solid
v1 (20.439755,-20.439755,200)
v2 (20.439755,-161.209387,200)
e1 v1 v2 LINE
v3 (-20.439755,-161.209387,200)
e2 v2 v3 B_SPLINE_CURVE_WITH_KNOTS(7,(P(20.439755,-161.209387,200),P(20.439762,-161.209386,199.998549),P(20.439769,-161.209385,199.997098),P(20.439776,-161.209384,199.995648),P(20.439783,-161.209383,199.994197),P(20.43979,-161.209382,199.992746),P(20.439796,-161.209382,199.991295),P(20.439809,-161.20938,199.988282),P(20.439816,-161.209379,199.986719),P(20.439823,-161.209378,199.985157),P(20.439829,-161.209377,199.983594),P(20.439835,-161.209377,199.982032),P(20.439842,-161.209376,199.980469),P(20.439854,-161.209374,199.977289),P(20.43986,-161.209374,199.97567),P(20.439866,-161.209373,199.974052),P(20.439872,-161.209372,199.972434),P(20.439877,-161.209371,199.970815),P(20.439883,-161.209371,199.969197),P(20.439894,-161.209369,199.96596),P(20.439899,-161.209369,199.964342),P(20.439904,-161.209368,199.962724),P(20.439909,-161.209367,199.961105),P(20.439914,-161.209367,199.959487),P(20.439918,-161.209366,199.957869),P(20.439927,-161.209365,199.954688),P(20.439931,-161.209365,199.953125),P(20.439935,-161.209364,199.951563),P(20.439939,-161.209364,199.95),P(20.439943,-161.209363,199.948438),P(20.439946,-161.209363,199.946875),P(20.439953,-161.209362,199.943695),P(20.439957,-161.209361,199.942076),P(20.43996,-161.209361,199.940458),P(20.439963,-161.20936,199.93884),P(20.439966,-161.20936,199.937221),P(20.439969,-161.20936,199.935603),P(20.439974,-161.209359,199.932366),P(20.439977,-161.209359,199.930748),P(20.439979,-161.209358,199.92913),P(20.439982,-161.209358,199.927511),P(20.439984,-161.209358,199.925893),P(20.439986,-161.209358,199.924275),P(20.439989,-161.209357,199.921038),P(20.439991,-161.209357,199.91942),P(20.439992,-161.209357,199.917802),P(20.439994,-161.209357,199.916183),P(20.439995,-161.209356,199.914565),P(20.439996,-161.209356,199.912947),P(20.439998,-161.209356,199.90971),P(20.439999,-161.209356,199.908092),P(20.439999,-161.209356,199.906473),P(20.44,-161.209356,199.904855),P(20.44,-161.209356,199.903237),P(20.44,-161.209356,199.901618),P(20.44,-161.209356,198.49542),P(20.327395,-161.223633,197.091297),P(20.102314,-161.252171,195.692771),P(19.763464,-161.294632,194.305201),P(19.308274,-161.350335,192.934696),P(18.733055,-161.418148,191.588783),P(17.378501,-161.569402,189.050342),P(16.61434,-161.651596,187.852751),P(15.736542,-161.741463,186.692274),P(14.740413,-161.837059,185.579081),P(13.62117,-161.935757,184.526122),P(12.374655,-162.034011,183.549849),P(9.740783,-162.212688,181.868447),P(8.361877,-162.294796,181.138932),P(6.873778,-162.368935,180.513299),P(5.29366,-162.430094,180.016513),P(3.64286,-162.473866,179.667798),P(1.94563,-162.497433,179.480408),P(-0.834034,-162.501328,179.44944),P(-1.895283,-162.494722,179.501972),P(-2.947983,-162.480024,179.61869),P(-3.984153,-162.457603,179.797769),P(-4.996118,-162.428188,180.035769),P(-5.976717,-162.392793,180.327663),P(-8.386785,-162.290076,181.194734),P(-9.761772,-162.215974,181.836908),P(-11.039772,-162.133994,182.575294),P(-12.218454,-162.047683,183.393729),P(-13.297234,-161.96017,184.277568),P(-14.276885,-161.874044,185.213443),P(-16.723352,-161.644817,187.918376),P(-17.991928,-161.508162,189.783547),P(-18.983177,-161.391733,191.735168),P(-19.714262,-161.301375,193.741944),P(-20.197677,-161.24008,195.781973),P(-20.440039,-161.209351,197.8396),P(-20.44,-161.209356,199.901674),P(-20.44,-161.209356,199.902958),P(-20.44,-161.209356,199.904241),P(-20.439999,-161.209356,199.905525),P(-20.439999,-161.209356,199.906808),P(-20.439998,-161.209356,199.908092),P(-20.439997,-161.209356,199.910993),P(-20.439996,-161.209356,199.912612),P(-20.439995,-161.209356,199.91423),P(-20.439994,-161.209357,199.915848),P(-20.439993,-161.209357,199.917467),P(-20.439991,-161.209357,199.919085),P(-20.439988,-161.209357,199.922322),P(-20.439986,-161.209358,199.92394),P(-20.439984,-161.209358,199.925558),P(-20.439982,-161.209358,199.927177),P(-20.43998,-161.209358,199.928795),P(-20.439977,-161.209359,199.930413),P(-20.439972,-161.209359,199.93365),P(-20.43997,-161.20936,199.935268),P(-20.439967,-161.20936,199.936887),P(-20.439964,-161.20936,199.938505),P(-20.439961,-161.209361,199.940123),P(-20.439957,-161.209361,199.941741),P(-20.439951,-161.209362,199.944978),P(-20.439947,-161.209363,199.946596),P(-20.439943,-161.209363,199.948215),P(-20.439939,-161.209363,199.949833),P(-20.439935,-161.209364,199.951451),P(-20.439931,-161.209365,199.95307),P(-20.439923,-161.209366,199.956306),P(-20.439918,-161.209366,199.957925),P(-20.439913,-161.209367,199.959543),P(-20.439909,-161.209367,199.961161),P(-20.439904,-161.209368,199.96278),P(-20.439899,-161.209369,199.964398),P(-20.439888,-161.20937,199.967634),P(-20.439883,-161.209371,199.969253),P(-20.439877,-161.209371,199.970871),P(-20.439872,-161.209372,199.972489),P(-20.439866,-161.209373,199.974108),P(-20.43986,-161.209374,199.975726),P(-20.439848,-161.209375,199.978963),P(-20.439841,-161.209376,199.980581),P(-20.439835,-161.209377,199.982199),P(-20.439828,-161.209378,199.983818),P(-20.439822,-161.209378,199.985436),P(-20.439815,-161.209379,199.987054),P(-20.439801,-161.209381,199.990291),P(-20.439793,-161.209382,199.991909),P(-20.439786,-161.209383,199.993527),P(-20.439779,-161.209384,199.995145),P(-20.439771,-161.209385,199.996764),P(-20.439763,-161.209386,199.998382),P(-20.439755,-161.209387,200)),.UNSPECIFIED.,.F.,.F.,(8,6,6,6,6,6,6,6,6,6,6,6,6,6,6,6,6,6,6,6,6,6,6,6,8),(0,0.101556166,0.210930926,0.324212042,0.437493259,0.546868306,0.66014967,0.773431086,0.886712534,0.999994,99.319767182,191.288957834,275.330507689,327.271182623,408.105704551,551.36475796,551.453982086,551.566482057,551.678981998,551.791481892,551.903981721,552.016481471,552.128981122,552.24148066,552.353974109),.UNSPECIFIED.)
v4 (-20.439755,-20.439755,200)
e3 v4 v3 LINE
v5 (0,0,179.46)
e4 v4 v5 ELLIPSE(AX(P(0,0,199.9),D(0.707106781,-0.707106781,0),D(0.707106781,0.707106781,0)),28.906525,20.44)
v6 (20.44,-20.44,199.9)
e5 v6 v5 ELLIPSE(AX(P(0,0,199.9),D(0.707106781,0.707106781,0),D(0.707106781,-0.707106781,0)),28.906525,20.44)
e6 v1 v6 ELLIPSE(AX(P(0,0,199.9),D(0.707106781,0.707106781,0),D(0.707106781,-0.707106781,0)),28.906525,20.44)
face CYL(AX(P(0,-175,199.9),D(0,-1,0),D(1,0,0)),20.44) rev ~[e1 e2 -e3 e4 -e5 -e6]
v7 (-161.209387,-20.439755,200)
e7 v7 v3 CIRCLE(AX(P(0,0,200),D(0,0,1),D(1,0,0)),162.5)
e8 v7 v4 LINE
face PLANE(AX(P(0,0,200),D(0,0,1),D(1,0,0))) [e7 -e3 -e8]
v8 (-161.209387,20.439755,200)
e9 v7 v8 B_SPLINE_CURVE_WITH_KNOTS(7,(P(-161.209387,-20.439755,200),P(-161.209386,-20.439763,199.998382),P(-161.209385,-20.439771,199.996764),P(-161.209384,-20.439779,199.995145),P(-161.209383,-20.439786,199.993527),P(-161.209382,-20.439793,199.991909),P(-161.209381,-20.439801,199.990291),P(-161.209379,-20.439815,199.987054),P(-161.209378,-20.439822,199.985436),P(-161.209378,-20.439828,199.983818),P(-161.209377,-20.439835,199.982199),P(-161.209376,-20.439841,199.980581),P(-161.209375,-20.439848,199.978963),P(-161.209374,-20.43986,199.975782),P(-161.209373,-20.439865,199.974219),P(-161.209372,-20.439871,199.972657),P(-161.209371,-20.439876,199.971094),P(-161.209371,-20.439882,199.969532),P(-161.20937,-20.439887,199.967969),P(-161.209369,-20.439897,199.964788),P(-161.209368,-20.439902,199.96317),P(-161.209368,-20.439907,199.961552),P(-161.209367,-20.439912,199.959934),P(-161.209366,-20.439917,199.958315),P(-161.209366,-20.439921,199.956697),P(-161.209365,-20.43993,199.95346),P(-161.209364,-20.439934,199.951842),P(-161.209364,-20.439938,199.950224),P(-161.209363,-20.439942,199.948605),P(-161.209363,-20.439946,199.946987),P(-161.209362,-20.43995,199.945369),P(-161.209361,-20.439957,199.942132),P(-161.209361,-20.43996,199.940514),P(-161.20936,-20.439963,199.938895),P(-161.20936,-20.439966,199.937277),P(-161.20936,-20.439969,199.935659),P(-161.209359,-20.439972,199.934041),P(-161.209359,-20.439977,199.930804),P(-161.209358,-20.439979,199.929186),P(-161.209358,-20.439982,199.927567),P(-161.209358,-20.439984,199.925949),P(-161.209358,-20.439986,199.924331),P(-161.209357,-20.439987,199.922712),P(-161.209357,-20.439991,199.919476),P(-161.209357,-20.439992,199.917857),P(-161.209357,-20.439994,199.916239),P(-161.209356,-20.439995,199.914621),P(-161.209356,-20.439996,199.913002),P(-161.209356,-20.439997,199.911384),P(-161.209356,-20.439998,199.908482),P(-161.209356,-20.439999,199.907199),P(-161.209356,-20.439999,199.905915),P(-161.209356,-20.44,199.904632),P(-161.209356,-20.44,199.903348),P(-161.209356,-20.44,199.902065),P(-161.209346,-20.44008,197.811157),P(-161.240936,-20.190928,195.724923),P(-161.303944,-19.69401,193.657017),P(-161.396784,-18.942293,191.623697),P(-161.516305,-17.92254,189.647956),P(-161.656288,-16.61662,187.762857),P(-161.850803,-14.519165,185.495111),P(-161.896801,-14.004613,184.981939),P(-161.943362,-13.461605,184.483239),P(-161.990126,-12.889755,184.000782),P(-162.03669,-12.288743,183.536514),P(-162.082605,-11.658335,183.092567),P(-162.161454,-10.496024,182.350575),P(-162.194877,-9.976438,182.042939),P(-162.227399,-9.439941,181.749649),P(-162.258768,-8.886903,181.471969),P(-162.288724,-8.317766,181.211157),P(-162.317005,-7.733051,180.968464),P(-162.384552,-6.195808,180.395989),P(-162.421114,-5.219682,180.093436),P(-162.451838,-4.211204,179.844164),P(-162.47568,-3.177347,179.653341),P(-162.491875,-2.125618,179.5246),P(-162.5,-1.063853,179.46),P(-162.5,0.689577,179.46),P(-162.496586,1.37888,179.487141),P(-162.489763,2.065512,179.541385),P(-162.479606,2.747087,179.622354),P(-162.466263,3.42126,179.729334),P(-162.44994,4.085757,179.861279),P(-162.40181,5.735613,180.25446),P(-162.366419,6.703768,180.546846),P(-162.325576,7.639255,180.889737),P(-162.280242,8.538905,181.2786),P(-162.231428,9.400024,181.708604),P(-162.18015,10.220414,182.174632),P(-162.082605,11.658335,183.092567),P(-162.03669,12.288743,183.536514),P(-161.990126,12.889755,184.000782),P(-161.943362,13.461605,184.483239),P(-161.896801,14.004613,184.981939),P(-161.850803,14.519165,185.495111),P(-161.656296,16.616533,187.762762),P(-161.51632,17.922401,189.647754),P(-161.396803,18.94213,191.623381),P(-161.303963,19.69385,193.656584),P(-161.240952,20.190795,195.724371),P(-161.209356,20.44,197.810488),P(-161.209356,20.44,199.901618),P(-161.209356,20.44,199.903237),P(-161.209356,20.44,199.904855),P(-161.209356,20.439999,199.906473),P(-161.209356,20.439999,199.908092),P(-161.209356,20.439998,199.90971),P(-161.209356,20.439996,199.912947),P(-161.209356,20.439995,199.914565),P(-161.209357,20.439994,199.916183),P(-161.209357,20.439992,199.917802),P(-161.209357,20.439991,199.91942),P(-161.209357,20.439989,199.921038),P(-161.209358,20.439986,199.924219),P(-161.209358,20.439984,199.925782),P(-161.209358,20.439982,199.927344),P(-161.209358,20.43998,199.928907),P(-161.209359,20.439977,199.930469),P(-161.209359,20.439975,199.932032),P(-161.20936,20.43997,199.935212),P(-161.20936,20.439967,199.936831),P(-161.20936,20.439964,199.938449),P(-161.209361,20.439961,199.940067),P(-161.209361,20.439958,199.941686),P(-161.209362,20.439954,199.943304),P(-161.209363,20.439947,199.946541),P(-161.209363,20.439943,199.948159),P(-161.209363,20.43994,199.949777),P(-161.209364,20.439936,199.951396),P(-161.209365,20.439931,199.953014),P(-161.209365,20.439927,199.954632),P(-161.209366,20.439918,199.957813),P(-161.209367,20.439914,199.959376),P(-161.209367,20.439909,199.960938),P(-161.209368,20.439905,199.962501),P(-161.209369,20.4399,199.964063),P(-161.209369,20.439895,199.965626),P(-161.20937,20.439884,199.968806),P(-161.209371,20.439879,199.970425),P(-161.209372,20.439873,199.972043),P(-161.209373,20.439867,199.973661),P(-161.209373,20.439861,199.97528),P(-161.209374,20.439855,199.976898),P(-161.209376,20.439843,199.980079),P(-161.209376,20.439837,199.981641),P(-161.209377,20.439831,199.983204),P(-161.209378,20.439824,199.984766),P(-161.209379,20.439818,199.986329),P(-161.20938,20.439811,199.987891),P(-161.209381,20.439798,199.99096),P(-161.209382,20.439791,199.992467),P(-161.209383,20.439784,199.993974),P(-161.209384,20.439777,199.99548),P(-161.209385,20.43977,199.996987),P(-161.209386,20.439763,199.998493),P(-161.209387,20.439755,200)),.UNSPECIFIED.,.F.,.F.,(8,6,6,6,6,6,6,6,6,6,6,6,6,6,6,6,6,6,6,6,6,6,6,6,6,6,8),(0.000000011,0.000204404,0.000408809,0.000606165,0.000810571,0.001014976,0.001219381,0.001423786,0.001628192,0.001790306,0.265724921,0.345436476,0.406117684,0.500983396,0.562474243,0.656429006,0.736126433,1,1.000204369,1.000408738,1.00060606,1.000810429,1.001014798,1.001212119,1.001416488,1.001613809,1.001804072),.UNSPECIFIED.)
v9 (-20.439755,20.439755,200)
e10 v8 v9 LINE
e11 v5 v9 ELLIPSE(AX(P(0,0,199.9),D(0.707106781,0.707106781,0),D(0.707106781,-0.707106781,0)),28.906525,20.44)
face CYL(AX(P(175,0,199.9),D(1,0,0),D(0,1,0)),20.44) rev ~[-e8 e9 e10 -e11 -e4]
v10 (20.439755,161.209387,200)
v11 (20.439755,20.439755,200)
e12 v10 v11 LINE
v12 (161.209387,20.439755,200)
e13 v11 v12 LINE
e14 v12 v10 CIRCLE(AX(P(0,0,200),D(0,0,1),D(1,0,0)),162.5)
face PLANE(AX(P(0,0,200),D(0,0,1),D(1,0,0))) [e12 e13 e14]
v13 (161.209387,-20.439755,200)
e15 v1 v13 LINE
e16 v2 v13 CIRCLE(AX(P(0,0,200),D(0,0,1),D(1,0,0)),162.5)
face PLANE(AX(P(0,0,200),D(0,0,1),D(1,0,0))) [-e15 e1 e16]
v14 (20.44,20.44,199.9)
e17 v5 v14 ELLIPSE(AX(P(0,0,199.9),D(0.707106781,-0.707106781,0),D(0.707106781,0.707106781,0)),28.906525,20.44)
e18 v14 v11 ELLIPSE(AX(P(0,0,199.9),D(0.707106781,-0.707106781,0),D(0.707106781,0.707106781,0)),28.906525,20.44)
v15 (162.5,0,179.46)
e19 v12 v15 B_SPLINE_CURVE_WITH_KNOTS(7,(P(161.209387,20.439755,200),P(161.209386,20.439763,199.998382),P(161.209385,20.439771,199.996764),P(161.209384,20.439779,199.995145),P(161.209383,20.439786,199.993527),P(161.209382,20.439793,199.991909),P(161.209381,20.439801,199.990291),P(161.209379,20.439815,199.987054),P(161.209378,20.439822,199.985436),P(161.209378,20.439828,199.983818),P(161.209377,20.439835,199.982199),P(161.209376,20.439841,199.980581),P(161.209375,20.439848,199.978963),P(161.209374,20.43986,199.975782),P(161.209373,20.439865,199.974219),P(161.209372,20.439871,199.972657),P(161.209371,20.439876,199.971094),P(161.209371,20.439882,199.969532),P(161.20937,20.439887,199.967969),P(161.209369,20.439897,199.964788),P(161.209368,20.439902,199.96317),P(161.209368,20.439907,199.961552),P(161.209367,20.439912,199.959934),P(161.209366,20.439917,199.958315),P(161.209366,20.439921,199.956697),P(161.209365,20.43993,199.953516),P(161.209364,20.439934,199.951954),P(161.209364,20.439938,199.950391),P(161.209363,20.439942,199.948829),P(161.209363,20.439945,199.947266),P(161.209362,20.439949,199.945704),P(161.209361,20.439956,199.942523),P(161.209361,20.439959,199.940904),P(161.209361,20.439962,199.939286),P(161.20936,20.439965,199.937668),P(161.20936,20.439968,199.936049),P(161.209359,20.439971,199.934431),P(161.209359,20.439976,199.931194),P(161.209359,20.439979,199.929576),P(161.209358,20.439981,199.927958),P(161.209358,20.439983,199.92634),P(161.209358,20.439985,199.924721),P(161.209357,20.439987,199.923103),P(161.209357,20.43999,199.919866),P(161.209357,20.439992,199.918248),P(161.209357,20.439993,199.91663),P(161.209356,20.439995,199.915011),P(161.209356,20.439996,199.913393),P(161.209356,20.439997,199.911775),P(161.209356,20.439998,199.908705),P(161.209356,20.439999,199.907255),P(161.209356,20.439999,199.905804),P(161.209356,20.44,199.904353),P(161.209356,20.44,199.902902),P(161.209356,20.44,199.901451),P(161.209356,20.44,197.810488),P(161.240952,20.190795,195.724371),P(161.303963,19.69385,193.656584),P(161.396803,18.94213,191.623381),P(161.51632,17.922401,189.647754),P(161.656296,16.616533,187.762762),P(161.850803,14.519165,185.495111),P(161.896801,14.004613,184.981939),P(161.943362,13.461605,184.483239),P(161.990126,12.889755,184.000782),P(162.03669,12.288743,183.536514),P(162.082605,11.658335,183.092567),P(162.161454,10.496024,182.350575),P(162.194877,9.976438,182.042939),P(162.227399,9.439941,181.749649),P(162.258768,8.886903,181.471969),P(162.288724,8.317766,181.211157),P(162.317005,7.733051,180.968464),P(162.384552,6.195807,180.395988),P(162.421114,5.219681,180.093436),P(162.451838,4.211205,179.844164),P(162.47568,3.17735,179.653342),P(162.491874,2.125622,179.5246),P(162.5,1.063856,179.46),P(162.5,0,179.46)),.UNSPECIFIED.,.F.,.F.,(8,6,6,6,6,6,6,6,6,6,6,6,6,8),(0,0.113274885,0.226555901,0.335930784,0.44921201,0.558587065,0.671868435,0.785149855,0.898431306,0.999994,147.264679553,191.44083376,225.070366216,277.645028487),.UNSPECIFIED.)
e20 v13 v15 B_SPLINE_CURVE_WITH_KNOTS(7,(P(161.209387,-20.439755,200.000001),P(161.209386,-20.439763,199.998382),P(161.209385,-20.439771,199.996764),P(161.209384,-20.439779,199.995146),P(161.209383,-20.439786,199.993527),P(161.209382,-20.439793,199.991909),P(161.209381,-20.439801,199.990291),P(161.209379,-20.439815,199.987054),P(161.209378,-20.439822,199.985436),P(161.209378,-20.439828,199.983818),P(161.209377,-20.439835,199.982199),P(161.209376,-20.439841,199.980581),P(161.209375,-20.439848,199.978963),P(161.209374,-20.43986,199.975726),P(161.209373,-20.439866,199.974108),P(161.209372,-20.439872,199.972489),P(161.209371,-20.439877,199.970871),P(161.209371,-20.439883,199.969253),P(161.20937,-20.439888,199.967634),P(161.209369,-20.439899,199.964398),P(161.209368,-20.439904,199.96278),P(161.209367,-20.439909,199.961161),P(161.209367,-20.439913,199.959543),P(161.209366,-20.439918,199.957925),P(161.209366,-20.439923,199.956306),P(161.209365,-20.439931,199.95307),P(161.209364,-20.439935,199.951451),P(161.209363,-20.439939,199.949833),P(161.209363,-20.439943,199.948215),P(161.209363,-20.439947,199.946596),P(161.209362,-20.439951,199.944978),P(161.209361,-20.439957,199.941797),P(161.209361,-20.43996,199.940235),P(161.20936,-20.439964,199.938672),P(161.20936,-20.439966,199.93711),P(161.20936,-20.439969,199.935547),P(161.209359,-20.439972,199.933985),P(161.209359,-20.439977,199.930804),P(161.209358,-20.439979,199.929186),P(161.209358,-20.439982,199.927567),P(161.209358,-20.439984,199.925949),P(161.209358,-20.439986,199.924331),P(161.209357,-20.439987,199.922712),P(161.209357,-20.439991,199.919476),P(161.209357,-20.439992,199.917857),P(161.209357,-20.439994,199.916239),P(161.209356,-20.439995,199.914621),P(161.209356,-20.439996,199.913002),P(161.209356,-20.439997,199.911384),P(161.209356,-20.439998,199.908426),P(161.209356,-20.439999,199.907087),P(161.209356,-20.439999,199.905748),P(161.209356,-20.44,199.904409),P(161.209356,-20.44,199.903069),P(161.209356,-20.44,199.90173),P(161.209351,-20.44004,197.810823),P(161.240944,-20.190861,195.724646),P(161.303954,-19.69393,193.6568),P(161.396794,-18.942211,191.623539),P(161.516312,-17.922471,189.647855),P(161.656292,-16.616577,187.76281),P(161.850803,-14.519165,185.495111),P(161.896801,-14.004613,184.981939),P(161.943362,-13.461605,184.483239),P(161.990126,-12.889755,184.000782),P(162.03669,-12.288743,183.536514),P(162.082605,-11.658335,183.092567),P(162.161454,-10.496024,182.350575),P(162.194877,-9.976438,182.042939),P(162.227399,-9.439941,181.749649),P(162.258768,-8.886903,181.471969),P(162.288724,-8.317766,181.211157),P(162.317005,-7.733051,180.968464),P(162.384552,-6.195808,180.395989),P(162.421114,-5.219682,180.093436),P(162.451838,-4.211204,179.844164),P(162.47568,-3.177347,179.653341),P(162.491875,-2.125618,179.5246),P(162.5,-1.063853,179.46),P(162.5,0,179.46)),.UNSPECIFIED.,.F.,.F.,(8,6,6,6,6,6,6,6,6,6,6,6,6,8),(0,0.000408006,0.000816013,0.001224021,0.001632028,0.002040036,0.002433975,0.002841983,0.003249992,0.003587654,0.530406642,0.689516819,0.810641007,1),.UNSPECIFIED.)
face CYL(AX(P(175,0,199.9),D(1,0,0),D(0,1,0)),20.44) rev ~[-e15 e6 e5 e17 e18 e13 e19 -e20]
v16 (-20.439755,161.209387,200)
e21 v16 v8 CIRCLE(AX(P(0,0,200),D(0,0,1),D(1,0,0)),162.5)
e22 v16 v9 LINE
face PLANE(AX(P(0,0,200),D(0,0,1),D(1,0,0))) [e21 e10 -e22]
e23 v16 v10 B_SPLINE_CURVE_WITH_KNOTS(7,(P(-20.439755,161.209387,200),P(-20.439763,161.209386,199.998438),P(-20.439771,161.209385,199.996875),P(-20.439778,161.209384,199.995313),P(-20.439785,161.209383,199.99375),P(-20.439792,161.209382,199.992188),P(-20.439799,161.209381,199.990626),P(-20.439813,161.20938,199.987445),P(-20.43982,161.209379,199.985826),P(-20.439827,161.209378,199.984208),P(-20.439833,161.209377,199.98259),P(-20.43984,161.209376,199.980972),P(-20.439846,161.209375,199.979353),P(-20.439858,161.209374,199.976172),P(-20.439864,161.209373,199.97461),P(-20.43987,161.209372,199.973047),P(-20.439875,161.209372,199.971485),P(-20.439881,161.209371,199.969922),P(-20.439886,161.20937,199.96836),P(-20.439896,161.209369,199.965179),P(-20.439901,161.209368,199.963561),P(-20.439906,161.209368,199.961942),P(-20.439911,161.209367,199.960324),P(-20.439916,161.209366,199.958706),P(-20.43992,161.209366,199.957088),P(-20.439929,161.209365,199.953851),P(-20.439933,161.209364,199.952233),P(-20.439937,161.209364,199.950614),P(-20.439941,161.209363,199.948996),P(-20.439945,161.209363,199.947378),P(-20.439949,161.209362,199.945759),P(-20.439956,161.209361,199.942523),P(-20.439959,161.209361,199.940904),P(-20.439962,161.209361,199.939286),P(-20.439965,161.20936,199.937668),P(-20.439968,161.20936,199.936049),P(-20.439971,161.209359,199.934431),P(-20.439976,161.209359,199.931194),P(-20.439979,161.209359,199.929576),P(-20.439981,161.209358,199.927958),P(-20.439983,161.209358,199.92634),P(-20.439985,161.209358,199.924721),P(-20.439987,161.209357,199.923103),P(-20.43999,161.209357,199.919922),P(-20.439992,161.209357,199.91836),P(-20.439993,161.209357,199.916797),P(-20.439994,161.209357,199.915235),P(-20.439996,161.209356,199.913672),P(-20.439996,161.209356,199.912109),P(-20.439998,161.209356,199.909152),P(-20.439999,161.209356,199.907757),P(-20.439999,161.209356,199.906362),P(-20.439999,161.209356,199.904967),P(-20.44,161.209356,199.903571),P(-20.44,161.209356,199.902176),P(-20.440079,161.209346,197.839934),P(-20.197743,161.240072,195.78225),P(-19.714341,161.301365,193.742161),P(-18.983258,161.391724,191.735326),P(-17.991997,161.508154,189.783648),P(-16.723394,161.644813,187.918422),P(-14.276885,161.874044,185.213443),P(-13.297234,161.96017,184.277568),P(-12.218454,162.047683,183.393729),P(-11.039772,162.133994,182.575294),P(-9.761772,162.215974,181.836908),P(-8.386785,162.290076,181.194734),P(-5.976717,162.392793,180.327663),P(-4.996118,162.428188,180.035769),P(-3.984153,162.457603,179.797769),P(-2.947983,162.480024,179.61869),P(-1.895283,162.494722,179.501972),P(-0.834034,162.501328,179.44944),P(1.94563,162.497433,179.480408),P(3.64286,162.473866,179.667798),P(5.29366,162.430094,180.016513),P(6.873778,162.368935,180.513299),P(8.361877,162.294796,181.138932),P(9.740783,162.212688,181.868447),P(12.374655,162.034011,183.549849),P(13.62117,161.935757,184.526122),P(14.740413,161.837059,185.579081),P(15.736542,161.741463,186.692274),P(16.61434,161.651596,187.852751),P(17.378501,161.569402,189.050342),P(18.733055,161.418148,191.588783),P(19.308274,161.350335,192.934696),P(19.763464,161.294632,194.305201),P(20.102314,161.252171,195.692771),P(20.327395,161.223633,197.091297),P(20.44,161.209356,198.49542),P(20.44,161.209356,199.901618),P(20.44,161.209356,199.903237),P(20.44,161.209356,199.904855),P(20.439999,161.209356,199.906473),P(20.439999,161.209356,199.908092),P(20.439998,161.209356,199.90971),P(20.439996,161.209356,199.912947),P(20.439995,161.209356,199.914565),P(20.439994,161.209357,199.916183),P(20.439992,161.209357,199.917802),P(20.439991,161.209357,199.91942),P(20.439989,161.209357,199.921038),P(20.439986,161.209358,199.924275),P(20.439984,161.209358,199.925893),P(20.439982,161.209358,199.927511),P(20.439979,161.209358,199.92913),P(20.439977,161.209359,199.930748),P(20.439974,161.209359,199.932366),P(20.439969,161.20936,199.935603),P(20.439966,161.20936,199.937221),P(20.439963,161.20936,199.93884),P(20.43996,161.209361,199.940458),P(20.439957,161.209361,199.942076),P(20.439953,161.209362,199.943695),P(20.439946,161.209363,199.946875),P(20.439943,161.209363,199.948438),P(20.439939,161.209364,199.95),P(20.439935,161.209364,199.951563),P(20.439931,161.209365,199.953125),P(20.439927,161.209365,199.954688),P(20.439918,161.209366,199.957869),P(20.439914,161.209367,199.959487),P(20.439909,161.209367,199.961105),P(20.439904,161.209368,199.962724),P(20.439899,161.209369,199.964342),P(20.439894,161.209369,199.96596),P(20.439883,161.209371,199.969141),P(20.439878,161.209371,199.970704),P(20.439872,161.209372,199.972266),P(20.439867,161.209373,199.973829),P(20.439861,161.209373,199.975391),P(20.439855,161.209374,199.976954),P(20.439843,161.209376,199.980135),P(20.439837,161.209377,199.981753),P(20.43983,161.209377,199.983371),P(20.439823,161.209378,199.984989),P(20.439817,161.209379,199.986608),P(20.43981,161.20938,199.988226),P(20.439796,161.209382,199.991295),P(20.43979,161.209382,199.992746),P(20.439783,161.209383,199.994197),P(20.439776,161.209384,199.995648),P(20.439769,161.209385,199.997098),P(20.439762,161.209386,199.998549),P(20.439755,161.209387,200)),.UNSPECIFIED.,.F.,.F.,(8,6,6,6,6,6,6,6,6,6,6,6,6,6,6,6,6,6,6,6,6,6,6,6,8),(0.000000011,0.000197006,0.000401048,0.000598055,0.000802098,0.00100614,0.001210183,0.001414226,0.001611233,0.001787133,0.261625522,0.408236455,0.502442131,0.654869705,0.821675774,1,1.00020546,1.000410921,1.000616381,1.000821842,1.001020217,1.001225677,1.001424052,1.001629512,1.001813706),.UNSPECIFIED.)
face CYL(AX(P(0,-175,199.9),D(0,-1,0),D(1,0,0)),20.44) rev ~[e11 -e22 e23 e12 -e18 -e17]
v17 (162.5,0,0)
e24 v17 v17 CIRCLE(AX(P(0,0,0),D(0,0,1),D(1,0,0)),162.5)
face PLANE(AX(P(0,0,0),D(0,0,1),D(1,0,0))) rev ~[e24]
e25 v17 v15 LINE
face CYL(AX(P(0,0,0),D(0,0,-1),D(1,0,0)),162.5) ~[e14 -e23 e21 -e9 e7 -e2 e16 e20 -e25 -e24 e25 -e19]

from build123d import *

# Parameters (mm, degrees)
SKETCH_R      = 162.5
PAD_DEPTH     = 200
SKETCH001_R   = 20.44
HOLE_DEPTH    = 337.501
SKETCH002_R   = 20.44
HOLE001_DEPTH = 337.501


with BuildPart() as part:
    # Sketch → Pad (new body)
    with BuildSketch(Plane.XY):
        Circle(SKETCH_R)
    extrude(amount=PAD_DEPTH)

    # Sketch001 → Hole (cut, through all)
    with BuildSketch(Plane.YZ.offset(175)):
        with Locations((0, 199.9)):
            Circle(SKETCH001_R)
    extrude(amount=-HOLE_DEPTH, mode=Mode.SUBTRACT)

    # Sketch002 → Hole001 (cut, through all)
    with BuildSketch(Plane.XZ.offset(175)):
        with Locations((0, 199.9)):
            Circle(SKETCH002_R)
    extrude(amount=-HOLE001_DEPTH, mode=Mode.SUBTRACT)


solid = part.part
